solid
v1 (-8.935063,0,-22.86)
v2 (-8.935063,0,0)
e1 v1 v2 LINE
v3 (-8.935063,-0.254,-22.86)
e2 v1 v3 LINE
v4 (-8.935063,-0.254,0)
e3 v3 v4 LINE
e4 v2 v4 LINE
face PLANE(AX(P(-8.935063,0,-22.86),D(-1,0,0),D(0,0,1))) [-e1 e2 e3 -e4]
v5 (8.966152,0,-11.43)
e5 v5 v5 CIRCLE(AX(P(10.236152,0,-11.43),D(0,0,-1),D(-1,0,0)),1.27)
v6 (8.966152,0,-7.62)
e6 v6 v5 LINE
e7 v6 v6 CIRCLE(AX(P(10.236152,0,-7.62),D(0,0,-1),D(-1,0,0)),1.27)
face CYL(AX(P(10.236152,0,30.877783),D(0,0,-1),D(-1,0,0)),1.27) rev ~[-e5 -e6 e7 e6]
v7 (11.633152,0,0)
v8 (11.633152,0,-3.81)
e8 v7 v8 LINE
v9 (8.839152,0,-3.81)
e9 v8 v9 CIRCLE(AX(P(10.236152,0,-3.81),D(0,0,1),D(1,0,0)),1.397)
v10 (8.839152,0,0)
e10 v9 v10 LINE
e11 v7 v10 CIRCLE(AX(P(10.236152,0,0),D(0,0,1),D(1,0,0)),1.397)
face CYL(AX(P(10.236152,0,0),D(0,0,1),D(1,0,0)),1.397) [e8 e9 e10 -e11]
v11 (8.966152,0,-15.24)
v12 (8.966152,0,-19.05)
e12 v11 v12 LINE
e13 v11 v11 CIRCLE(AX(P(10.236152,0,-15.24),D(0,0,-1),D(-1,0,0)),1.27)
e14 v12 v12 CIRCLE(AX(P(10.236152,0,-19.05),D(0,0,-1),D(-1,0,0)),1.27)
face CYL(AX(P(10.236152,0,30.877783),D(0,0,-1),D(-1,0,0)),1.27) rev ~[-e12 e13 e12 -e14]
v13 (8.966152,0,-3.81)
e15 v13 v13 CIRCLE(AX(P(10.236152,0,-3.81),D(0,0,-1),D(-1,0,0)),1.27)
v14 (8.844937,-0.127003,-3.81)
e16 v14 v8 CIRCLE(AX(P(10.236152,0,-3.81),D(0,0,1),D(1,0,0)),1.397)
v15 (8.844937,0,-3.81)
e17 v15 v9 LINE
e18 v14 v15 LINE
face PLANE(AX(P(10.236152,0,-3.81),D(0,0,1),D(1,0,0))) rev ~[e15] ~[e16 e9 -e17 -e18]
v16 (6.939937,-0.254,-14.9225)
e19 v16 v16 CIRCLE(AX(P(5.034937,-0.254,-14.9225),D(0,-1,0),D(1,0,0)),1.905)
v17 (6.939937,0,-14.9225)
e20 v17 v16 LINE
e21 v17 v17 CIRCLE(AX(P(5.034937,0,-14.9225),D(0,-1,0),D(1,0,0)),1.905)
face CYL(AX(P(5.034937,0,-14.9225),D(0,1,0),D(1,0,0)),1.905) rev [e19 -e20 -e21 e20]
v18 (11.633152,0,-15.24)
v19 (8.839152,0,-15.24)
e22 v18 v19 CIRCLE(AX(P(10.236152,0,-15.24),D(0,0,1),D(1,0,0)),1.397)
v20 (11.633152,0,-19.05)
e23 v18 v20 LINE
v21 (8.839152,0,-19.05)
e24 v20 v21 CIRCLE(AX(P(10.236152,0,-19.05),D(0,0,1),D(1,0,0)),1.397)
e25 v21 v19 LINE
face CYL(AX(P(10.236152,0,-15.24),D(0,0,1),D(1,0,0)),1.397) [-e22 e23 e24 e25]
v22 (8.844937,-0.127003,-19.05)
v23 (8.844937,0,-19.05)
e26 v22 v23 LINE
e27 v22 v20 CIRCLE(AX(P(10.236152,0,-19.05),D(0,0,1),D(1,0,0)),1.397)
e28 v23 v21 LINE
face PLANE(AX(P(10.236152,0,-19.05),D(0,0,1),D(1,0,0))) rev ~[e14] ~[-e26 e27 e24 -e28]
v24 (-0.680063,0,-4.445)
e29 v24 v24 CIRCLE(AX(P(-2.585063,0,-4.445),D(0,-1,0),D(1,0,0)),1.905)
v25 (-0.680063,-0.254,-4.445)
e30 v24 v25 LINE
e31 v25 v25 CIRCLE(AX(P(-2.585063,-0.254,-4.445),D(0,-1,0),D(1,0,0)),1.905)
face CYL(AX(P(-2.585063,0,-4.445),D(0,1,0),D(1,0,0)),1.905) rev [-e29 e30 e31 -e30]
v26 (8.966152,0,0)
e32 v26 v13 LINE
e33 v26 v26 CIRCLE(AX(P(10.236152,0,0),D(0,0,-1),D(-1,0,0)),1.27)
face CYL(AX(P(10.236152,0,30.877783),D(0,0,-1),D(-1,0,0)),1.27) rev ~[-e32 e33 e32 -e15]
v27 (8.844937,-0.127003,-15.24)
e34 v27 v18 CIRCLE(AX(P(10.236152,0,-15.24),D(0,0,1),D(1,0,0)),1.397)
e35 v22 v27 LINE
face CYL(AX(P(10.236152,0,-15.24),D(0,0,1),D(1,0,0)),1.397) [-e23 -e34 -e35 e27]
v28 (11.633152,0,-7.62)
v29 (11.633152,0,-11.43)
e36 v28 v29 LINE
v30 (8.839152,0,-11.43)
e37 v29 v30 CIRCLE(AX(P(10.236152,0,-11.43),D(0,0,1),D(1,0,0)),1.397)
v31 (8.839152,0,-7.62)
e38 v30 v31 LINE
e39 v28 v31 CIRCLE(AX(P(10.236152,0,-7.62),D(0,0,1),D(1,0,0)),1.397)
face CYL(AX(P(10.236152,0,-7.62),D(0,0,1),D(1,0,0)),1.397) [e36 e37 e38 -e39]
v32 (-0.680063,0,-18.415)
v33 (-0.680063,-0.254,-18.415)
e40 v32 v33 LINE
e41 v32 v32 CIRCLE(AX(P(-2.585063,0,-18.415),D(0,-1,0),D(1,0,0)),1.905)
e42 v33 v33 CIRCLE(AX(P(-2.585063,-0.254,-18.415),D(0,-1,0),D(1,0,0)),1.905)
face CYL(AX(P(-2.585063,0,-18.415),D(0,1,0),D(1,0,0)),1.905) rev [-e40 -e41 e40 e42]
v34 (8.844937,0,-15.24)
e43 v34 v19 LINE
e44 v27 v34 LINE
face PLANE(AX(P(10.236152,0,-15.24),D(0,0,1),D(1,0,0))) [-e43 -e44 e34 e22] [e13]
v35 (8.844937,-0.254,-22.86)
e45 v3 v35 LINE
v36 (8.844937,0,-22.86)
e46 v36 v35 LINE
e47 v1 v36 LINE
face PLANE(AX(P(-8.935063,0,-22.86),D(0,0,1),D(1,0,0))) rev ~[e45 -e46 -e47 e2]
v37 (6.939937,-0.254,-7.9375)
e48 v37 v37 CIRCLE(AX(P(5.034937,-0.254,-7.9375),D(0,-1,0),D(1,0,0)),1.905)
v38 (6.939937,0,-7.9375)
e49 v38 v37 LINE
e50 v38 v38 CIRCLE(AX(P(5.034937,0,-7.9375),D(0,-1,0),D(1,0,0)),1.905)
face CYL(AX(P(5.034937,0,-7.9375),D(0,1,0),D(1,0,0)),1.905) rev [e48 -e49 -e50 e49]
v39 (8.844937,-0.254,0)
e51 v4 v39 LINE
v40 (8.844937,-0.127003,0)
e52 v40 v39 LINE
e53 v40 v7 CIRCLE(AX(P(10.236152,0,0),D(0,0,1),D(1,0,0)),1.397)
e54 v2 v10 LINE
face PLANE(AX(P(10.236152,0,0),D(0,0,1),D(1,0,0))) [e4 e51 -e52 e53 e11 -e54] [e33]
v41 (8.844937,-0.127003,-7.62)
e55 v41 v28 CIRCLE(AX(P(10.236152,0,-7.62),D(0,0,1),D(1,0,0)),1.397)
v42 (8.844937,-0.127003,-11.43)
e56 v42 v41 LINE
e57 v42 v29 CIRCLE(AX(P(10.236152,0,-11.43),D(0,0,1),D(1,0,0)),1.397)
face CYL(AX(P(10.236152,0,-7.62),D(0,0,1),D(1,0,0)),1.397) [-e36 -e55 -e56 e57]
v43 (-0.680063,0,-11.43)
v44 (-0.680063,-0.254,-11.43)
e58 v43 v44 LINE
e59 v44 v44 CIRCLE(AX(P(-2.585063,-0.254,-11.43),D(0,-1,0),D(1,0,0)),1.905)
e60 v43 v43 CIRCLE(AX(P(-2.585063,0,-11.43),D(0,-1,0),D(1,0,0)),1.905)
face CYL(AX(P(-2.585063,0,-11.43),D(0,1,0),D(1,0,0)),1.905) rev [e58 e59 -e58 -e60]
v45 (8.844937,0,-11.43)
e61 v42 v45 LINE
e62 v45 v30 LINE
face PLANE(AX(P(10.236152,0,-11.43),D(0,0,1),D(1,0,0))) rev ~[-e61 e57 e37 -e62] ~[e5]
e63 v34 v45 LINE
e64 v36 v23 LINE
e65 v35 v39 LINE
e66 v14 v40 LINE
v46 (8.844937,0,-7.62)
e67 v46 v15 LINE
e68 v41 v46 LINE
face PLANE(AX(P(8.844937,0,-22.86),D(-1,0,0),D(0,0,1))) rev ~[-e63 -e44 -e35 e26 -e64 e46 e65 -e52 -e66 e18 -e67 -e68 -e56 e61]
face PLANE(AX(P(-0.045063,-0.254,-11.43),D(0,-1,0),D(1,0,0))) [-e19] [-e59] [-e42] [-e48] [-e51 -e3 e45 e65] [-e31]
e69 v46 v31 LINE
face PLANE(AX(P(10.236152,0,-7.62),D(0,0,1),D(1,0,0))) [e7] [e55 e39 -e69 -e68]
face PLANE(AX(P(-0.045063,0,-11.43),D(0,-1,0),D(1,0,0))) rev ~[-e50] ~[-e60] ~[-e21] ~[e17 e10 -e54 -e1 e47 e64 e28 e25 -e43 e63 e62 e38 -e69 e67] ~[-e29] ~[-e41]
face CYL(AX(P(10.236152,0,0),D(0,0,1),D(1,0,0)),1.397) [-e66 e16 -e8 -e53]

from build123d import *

# Parameters (mm, degrees)
F0_W     = 17.78
F0_H     = 22.86
F0_R     = 1.905
F1_DEPTH = 0.254
F2_R     = 1.397
F3_DEPTH = 3.81
F5_R     = 1.397
F6_DEPTH = 3.81
F8_R     = 1.397
F9_DEPTH = 3.81
F10_D    = 2.54


with BuildPart() as f1:
    # F0 (on Front) → F1 (new body)
    with BuildSketch(Plane.XZ):
        with Locations((-0.045063, -11.43)):
            Rectangle(F0_W, F0_H)
        with Locations((-2.585063, -18.415)):
            Circle(F0_R, mode=Mode.SUBTRACT)
        with Locations((5.034937, -14.9225)):
            Circle(F0_R, mode=Mode.SUBTRACT)
        with Locations((-2.585063, -11.43)):
            Circle(F0_R, mode=Mode.SUBTRACT)
        with Locations((-2.585063, -4.445)):
            Circle(F0_R, mode=Mode.SUBTRACT)
        with Locations((5.034937, -7.9375)):
            Circle(F0_R, mode=Mode.SUBTRACT)
    extrude(amount=F1_DEPTH)

    # F2 (on Top) → F3 (join)
    with BuildSketch(Plane.XY):
        with Locations((10.236152, 0)):
            Circle(F2_R)
    extrude(amount=-F3_DEPTH)

    # F5 (on offset) → F6 (join)
    with BuildSketch(Plane.XY.offset(-7.62)):
        with Locations((10.236152, 0)):
            Circle(F5_R)
    extrude(amount=-F6_DEPTH)

    # F8 (on offset) → F9 (join)
    with BuildSketch(Plane.XY.offset(-15.24)):
        with Locations((10.236152, 0)):
            Circle(F8_R)
    extrude(amount=-F9_DEPTH)

    # F10 (through all)
    with Locations(Plane.XY):
        with Locations((10.236152, 0)):
            Hole(F10_D / 2)


solid = f1.part
